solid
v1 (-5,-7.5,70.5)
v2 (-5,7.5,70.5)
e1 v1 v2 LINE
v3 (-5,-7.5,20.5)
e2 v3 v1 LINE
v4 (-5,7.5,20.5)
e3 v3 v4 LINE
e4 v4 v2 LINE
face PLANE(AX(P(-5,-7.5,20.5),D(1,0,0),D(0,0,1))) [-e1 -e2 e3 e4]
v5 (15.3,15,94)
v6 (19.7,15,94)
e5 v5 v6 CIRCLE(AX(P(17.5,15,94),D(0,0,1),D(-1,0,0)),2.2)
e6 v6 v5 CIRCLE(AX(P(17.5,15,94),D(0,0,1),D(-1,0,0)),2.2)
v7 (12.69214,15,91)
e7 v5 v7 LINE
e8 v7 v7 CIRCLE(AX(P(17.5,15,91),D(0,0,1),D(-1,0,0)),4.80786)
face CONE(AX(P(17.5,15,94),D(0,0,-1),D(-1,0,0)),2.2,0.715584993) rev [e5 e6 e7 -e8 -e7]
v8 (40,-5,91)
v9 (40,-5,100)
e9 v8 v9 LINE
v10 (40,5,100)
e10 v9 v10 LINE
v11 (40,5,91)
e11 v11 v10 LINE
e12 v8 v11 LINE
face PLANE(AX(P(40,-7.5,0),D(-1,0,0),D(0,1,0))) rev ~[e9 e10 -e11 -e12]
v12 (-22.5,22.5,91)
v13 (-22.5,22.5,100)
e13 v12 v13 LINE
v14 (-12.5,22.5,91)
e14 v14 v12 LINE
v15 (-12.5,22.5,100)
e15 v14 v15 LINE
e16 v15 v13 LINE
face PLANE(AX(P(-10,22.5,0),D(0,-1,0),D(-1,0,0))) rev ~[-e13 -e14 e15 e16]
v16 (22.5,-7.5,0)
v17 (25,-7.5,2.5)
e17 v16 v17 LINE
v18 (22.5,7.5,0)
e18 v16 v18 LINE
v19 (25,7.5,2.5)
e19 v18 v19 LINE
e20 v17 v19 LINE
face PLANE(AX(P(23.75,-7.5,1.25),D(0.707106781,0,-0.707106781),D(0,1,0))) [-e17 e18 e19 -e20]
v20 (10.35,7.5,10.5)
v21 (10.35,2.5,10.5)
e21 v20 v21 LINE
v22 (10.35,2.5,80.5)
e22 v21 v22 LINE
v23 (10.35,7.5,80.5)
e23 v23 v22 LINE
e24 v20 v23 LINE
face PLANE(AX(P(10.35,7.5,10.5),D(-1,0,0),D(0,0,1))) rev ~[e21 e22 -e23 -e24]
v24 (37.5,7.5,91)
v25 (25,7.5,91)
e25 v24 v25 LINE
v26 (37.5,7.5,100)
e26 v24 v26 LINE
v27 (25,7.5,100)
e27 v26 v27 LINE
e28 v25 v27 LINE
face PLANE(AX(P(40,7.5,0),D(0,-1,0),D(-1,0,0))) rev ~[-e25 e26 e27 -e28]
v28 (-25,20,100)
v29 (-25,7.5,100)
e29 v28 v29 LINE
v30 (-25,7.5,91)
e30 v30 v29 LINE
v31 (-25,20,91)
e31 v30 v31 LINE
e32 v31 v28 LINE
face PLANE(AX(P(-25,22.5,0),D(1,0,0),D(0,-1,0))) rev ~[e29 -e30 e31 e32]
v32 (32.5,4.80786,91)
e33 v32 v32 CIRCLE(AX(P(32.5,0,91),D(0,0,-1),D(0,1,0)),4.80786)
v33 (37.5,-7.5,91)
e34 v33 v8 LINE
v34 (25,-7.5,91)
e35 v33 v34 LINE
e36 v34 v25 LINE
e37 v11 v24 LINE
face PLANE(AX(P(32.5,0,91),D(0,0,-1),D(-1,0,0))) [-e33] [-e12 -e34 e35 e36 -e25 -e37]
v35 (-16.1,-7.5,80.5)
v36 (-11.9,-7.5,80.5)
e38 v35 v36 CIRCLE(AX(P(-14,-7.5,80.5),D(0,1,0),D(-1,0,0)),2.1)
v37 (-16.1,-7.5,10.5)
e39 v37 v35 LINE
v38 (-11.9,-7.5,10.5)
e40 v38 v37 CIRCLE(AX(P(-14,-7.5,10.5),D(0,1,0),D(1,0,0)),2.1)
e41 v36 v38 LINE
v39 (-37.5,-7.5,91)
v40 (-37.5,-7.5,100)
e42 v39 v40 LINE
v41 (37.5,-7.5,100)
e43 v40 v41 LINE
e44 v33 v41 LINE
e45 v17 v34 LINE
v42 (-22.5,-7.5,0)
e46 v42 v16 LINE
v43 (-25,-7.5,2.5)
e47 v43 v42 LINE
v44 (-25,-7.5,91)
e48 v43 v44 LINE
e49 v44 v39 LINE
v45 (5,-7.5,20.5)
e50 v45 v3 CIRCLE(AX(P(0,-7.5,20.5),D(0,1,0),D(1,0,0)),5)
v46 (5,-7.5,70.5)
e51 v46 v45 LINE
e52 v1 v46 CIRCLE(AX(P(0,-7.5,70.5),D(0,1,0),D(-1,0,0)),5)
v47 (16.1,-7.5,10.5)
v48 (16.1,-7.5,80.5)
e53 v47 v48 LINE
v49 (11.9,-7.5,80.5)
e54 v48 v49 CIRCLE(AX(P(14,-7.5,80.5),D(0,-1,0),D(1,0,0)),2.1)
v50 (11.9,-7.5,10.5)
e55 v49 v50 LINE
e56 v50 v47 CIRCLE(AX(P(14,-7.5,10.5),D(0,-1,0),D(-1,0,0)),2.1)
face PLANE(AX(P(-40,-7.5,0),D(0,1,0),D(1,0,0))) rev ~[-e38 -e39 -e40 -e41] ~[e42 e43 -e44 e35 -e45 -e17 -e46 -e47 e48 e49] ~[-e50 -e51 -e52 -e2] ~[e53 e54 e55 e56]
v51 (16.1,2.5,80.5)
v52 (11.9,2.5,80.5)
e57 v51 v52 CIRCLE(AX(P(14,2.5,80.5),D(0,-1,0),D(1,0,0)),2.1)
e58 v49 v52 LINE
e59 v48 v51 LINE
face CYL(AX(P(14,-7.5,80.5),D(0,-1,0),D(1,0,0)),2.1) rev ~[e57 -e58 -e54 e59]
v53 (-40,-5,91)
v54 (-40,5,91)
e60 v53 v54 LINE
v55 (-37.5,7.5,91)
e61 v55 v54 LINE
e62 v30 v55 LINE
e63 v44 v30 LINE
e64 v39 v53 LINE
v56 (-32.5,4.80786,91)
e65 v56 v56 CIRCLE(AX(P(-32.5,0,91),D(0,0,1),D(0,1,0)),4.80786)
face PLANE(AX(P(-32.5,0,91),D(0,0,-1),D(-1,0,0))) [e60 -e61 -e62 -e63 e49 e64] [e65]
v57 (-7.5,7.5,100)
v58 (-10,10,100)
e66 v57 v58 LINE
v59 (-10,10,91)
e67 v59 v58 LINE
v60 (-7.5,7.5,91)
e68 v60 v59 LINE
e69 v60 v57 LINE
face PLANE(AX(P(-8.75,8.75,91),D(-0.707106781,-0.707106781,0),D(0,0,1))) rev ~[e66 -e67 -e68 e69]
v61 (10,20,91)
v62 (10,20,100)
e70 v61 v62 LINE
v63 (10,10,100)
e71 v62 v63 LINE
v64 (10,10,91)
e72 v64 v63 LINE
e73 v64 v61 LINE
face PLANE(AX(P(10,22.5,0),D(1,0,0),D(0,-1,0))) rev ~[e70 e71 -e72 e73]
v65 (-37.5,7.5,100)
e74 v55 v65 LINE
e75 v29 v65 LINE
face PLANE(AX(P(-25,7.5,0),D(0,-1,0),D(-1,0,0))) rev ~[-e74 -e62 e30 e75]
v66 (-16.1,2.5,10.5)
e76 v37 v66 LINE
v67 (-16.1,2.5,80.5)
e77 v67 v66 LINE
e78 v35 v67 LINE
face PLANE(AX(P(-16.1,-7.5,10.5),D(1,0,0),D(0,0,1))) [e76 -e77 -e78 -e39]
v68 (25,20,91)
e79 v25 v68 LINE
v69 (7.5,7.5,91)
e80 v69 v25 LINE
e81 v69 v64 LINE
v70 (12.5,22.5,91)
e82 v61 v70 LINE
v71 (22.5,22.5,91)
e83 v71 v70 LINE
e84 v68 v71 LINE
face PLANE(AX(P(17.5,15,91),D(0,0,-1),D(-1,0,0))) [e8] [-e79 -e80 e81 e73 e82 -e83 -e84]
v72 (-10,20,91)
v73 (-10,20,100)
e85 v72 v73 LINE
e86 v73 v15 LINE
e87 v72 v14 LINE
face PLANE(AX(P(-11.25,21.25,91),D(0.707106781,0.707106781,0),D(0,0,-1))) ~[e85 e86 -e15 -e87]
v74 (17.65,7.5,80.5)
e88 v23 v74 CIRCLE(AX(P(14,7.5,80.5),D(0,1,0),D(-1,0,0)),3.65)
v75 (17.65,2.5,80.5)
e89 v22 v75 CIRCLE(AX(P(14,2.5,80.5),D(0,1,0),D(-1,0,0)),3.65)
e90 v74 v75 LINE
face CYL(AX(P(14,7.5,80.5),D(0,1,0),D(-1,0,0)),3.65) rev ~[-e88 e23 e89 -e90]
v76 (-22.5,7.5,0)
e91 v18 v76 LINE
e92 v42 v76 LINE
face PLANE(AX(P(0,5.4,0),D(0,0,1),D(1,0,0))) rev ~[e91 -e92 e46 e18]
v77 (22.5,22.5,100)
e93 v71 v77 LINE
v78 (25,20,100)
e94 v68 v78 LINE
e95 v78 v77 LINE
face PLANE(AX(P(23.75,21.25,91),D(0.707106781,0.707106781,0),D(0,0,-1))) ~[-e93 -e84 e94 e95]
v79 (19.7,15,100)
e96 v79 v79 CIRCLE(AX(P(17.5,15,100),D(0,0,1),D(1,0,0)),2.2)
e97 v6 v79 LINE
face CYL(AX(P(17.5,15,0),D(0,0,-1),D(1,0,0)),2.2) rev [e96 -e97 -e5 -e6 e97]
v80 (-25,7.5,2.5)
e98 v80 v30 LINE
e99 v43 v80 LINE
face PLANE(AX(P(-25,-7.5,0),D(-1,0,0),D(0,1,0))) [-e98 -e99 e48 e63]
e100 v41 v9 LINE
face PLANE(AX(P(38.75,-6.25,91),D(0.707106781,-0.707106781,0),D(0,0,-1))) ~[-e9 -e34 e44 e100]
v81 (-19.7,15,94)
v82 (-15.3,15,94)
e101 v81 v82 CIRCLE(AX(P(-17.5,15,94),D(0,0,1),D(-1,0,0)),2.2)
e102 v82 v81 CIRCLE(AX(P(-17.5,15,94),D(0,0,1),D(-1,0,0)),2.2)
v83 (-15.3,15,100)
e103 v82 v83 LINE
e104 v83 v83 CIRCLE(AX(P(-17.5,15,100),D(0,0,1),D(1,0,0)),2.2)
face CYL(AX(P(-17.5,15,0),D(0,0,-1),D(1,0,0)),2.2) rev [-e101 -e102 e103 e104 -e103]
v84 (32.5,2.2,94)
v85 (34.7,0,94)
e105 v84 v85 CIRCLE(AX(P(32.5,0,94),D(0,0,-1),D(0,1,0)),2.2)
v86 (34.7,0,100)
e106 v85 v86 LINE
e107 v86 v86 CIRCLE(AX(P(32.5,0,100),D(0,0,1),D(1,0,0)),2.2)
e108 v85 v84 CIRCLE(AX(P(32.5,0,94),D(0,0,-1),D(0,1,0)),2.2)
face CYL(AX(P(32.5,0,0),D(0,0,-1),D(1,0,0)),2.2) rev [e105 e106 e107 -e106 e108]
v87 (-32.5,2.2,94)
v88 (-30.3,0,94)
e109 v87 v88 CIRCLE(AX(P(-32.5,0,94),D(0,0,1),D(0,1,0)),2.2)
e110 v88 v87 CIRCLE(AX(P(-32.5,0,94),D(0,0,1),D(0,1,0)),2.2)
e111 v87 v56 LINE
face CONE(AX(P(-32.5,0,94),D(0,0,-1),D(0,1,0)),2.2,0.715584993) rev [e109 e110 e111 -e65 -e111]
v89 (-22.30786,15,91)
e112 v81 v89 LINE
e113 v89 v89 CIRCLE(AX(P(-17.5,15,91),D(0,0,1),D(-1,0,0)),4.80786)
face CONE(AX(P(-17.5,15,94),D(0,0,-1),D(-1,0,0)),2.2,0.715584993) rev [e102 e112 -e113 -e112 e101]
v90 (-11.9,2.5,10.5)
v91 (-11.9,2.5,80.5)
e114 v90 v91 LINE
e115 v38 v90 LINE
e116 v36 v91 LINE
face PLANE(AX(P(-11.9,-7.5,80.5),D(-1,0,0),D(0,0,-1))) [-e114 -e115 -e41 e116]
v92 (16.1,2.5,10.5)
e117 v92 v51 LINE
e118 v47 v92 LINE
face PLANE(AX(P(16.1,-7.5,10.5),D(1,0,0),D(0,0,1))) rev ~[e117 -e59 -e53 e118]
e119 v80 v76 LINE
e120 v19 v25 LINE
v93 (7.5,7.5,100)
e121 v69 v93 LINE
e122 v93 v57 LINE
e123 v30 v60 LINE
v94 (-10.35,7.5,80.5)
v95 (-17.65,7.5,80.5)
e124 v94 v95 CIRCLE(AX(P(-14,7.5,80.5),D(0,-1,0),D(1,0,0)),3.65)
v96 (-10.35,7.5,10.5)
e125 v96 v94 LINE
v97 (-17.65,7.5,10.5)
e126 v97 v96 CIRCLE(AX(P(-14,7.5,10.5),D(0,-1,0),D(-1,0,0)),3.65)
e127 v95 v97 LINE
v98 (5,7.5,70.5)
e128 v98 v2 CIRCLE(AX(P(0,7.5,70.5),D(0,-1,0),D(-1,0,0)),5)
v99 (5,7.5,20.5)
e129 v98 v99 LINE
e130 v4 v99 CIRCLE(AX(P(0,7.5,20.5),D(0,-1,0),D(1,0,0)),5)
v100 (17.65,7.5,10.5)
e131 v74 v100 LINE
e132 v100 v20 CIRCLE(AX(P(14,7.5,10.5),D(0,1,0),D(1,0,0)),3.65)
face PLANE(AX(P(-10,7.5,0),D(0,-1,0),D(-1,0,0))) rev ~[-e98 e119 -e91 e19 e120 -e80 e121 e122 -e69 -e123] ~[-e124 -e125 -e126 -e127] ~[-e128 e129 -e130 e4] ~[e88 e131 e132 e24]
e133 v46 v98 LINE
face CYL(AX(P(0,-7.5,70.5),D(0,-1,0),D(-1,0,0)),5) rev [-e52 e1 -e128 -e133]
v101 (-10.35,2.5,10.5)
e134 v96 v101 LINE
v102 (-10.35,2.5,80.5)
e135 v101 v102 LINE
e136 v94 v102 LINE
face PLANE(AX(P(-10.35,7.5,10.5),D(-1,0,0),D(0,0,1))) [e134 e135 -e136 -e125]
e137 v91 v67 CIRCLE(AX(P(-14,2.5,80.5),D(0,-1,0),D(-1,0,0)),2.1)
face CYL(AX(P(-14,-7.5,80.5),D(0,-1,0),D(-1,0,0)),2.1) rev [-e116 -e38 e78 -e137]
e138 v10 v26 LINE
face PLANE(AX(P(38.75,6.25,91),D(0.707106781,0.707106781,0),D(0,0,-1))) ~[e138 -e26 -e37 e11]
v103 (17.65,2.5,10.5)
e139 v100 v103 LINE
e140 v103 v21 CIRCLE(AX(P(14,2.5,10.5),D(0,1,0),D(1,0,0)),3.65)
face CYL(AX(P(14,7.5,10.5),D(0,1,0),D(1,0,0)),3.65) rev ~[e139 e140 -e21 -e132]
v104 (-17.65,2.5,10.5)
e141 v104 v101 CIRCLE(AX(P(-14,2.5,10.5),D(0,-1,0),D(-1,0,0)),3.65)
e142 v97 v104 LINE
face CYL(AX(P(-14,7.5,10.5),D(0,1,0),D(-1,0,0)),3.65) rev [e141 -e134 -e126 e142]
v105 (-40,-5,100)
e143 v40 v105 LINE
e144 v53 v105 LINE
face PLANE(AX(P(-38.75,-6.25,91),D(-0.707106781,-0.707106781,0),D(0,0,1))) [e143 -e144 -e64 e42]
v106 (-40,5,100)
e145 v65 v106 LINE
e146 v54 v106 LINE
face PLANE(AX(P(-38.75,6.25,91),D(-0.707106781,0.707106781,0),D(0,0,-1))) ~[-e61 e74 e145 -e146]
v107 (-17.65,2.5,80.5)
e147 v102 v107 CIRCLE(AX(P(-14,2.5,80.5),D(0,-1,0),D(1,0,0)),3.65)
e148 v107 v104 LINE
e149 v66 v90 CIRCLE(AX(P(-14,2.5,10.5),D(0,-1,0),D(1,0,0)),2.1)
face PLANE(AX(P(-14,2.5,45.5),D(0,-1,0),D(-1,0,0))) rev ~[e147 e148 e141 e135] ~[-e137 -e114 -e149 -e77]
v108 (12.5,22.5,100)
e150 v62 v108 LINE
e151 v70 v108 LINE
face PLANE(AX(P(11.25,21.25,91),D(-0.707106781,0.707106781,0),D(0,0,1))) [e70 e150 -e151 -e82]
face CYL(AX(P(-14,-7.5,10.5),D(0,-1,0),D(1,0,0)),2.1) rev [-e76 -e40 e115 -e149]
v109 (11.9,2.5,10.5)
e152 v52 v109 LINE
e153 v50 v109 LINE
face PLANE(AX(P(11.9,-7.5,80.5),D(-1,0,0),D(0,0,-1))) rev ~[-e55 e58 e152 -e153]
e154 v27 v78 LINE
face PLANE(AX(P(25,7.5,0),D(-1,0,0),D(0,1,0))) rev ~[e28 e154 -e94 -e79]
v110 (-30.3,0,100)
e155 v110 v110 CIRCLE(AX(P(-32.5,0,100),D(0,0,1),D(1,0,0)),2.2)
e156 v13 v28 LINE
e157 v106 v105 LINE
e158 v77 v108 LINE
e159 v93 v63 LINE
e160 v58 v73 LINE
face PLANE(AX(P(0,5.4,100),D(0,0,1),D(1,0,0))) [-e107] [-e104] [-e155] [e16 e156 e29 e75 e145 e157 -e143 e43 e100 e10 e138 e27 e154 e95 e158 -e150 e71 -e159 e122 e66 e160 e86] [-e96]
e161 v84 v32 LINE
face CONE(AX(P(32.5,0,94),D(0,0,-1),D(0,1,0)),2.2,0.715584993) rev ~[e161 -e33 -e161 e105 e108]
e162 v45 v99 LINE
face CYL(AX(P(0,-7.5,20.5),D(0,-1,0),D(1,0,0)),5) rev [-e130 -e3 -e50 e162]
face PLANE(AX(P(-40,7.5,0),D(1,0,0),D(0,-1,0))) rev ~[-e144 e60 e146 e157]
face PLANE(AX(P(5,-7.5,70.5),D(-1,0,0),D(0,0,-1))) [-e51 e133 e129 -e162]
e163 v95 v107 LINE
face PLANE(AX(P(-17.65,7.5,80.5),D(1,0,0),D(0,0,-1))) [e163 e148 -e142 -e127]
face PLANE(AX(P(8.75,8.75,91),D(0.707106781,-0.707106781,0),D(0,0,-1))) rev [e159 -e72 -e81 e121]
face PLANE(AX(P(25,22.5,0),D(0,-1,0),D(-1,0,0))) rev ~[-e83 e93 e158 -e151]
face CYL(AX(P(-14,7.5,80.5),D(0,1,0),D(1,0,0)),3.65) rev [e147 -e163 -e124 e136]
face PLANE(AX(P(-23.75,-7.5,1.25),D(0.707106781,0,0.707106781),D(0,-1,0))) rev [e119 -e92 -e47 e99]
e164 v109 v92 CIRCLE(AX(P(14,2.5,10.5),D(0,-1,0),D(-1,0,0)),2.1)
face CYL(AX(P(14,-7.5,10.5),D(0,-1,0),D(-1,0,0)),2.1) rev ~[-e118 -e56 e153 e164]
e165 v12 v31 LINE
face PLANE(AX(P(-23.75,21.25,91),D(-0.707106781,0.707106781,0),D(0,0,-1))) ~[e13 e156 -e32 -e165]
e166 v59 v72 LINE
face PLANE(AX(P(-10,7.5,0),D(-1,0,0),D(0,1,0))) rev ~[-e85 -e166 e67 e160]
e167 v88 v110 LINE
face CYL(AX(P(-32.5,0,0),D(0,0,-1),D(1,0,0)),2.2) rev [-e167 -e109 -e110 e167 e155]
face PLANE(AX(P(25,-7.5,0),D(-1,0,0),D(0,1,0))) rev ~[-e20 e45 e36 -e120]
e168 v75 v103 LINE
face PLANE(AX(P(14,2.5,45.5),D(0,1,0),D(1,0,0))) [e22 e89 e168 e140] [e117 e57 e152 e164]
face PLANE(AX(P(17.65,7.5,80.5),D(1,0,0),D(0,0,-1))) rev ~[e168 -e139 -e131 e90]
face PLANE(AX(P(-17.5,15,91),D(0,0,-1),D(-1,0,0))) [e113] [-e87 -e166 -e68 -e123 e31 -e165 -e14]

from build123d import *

# Parameters (mm, degrees)
SKETCH1_R           = 2.2
BOSS_EXTRUDE1_DEPTH = 100
SKETCH5_W           = 15
SKETCH5_H           = 15
SKETCH5_R           = 2.2
CUT_EXTRUDE2_DEPTH  = 91
CUT_EXTRUDE3_DEPTH  = 112.803398875
LPATTERN1_COUNT     = 2
LPATTERN1_PITCH     = 35
CUT_EXTRUDE4_DEPTH  = 5
CHAMFER1_SIZE       = 2.5


with BuildPart() as part:
    # Sketch1 → Boss-Extrude1 (new body)
    with BuildSketch(Plane.XY):
        Polygon((-25, 22.5), (-25, 7.5), (-40, 7.5), (-40, -7.5), (40, -7.5), (40, 7.5), (25, 7.5), (25, 22.5), (10, 22.5), (10, 7.5), (-10, 7.5), (-10, 22.5), align=None)
        with Locations((-17.5, 15)):
            Circle(SKETCH1_R, mode=Mode.SUBTRACT)
        with Locations((-32.5, 0)):
            Circle(SKETCH1_R, mode=Mode.SUBTRACT)
        with Locations((17.5, 15)):
            Circle(SKETCH1_R, mode=Mode.SUBTRACT)
        with Locations((32.5, 0)):
            Circle(SKETCH1_R, mode=Mode.SUBTRACT)
    extrude(amount=BOSS_EXTRUDE1_DEPTH)

    # Sketch5 → Cut-Extrude2 (cut)
    # profile 1 of 4: a face of its own
    with BuildSketch(Plane(origin=(0, 0, 0), x_dir=(-1, 0, 0), z_dir=(0, 0, -1))):
        with Locations((-32.5, 0)):
            Rectangle(SKETCH5_W, SKETCH5_H)
        with Locations(Location((-32.5, 0, 0), (0, 0, 180))):
            Circle(SKETCH5_R, mode=Mode.SUBTRACT)
    # profile 2 of 4: a face of its own
    with BuildSketch(Plane(origin=(0, 0, 0), x_dir=(-1, 0, 0), z_dir=(0, 0, -1))):
        with Locations((-17.5, 15)):
            Rectangle(SKETCH5_W, SKETCH5_H)
        with Locations(Location((-17.5, 15, 0), (0, 0, 180))):
            Circle(SKETCH5_R, mode=Mode.SUBTRACT)
    # profile 3 of 4: a face of its own
    with BuildSketch(Plane(origin=(0, 0, 0), x_dir=(-1, 0, 0), z_dir=(0, 0, -1))):
        with Locations((17.5, 15)):
            Rectangle(SKETCH5_W, SKETCH5_H)
        with Locations(Location((17.5, 15, 0), (0, 0, 180))):
            Circle(SKETCH5_R, mode=Mode.SUBTRACT)
    # profile 4 of 4: a face of its own
    with BuildSketch(Plane(origin=(0, 0, 0), x_dir=(-1, 0, 0), z_dir=(0, 0, -1))):
        with Locations((32.5, 0)):
            Rectangle(SKETCH5_W, SKETCH5_H)
        with Locations(Location((32.5, 0, 0), (0, 0, 180))):
            Circle(SKETCH5_R, mode=Mode.SUBTRACT)
    extrude(amount=-CUT_EXTRUDE2_DEPTH, mode=Mode.SUBTRACT)

    # Sketch6 → Cut-Extrude3 (cut, through all)
    with BuildSketch(Plane.XZ.offset(7.5)):
        with BuildLine():
            Line((5, 70.5), (5, 20.5))
            ThreePointArc((5, 20.5), (0, 15.5), (-5, 20.5))
            Line((-5, 20.5), (-5, 70.5))
            ThreePointArc((-5, 70.5), (0, 75.5), (5, 70.5))
        make_face()
        with BuildLine():
            Line((-11.9, 80.5), (-11.9, 10.5))
            ThreePointArc((-11.9, 10.5), (-14, 8.4), (-16.1, 10.5))
            Line((-16.1, 10.5), (-16.1, 80.5))
            ThreePointArc((-16.1, 80.5), (-14, 82.6), (-11.9, 80.5))
        make_face()
        with BuildLine():
            Line((11.9, 80.5), (11.9, 10.5))
            ThreePointArc((11.9, 10.5), (14, 8.4), (16.1, 10.5))
            Line((16.1, 10.5), (16.1, 80.5))
            ThreePointArc((16.1, 80.5), (14, 82.6), (11.9, 80.5))
        make_face()
    extrude(amount=-CUT_EXTRUDE3_DEPTH, mode=Mode.SUBTRACT)

    # Sketch2 → Cut-Revolve1 (revolve, cut)
    with BuildSketch(Plane(origin=(0, 15, 0), x_dir=(1, 0, 0), z_dir=(0, 1, 0)), mode=Mode.PRIVATE) as cut_revolve1_sk:
        Polygon((-17.5, -91), (-17.5, -94), (-15.3, -94), (-12.692139787, -91), align=None)
    cut_revolve1 = revolve(cut_revolve1_sk.sketch.rotate(Axis((-17.5, 15, 91), (0, 0, 1)), 180), axis=Axis((-17.5, 15, 91), (0, 0, 1)), mode=Mode.SUBTRACT)

    # LPattern1: Cut-Revolve1 ×2
    with Locations(*[(i * LPATTERN1_PITCH, 0, 0) for i in range(1, LPATTERN1_COUNT)]):
        add(cut_revolve1, mode=Mode.SUBTRACT)

    # Sketch8 → Cut-Revolve2 (revolve, cut)
    with BuildSketch(Plane.ZY.offset(32.5)):
        Polygon((91, 0), (94, 0), (94, 2.2), (91, 4.807860213), align=None)
    cut_revolve2 = revolve(axis=Axis((-32.5, 0, 91), (0, 0, 1)), mode=Mode.SUBTRACT)

    # Mirror3: Cut-Revolve2 across plane
    add(cut_revolve2.mirror(Plane(origin=(0, 0, 0), x_dir=(0, 0, 1), z_dir=(1, 0, 0))), mode=Mode.SUBTRACT)

    # Sketch7 → Cut-Extrude4 (cut)
    with BuildSketch(Plane(origin=(0, 7.5, 0), x_dir=(1, 0, 0), z_dir=(0, 1, 0))):
        with BuildLine():
            Line((-10.35, -10.5), (-10.35, -80.5))
            ThreePointArc((-10.35, -80.5), (-14, -84.15), (-17.65, -80.5))
            Line((-17.65, -80.5), (-17.65, -10.5))
            ThreePointArc((-17.65, -10.5), (-14, -6.85), (-10.35, -10.5))
        make_face()
        with BuildLine():
            Line((10.35, -10.5), (10.35, -80.5))
            ThreePointArc((10.35, -80.5), (14, -84.15), (17.65, -80.5))
            Line((17.65, -80.5), (17.65, -10.5))
            ThreePointArc((17.65, -10.5), (14, -6.85), (10.35, -10.5))
        make_face()
    extrude(amount=-CUT_EXTRUDE4_DEPTH, mode=Mode.SUBTRACT)

    # Chamfer1
    chamfer1_edges = [part.edges().sort_by_distance(p)[0] for p in [
        (-25, 0, 0),
        (25, 0, 0),
        (-25, 22.5, 95.5),
        (-10, 22.5, 95.5),
        (-10, 7.5, 95.5),
        (10, 7.5, 95.5),
        (10, 22.5, 95.5),
        (25, 22.5, 95.5),
        (40, 7.5, 95.5),
        (40, -7.5, 95.5),
        (-40, -7.5, 95.5),
        (-40, 7.5, 95.5),
    ]]
    chamfer(chamfer1_edges, length=CHAMFER1_SIZE)


solid = part.part
